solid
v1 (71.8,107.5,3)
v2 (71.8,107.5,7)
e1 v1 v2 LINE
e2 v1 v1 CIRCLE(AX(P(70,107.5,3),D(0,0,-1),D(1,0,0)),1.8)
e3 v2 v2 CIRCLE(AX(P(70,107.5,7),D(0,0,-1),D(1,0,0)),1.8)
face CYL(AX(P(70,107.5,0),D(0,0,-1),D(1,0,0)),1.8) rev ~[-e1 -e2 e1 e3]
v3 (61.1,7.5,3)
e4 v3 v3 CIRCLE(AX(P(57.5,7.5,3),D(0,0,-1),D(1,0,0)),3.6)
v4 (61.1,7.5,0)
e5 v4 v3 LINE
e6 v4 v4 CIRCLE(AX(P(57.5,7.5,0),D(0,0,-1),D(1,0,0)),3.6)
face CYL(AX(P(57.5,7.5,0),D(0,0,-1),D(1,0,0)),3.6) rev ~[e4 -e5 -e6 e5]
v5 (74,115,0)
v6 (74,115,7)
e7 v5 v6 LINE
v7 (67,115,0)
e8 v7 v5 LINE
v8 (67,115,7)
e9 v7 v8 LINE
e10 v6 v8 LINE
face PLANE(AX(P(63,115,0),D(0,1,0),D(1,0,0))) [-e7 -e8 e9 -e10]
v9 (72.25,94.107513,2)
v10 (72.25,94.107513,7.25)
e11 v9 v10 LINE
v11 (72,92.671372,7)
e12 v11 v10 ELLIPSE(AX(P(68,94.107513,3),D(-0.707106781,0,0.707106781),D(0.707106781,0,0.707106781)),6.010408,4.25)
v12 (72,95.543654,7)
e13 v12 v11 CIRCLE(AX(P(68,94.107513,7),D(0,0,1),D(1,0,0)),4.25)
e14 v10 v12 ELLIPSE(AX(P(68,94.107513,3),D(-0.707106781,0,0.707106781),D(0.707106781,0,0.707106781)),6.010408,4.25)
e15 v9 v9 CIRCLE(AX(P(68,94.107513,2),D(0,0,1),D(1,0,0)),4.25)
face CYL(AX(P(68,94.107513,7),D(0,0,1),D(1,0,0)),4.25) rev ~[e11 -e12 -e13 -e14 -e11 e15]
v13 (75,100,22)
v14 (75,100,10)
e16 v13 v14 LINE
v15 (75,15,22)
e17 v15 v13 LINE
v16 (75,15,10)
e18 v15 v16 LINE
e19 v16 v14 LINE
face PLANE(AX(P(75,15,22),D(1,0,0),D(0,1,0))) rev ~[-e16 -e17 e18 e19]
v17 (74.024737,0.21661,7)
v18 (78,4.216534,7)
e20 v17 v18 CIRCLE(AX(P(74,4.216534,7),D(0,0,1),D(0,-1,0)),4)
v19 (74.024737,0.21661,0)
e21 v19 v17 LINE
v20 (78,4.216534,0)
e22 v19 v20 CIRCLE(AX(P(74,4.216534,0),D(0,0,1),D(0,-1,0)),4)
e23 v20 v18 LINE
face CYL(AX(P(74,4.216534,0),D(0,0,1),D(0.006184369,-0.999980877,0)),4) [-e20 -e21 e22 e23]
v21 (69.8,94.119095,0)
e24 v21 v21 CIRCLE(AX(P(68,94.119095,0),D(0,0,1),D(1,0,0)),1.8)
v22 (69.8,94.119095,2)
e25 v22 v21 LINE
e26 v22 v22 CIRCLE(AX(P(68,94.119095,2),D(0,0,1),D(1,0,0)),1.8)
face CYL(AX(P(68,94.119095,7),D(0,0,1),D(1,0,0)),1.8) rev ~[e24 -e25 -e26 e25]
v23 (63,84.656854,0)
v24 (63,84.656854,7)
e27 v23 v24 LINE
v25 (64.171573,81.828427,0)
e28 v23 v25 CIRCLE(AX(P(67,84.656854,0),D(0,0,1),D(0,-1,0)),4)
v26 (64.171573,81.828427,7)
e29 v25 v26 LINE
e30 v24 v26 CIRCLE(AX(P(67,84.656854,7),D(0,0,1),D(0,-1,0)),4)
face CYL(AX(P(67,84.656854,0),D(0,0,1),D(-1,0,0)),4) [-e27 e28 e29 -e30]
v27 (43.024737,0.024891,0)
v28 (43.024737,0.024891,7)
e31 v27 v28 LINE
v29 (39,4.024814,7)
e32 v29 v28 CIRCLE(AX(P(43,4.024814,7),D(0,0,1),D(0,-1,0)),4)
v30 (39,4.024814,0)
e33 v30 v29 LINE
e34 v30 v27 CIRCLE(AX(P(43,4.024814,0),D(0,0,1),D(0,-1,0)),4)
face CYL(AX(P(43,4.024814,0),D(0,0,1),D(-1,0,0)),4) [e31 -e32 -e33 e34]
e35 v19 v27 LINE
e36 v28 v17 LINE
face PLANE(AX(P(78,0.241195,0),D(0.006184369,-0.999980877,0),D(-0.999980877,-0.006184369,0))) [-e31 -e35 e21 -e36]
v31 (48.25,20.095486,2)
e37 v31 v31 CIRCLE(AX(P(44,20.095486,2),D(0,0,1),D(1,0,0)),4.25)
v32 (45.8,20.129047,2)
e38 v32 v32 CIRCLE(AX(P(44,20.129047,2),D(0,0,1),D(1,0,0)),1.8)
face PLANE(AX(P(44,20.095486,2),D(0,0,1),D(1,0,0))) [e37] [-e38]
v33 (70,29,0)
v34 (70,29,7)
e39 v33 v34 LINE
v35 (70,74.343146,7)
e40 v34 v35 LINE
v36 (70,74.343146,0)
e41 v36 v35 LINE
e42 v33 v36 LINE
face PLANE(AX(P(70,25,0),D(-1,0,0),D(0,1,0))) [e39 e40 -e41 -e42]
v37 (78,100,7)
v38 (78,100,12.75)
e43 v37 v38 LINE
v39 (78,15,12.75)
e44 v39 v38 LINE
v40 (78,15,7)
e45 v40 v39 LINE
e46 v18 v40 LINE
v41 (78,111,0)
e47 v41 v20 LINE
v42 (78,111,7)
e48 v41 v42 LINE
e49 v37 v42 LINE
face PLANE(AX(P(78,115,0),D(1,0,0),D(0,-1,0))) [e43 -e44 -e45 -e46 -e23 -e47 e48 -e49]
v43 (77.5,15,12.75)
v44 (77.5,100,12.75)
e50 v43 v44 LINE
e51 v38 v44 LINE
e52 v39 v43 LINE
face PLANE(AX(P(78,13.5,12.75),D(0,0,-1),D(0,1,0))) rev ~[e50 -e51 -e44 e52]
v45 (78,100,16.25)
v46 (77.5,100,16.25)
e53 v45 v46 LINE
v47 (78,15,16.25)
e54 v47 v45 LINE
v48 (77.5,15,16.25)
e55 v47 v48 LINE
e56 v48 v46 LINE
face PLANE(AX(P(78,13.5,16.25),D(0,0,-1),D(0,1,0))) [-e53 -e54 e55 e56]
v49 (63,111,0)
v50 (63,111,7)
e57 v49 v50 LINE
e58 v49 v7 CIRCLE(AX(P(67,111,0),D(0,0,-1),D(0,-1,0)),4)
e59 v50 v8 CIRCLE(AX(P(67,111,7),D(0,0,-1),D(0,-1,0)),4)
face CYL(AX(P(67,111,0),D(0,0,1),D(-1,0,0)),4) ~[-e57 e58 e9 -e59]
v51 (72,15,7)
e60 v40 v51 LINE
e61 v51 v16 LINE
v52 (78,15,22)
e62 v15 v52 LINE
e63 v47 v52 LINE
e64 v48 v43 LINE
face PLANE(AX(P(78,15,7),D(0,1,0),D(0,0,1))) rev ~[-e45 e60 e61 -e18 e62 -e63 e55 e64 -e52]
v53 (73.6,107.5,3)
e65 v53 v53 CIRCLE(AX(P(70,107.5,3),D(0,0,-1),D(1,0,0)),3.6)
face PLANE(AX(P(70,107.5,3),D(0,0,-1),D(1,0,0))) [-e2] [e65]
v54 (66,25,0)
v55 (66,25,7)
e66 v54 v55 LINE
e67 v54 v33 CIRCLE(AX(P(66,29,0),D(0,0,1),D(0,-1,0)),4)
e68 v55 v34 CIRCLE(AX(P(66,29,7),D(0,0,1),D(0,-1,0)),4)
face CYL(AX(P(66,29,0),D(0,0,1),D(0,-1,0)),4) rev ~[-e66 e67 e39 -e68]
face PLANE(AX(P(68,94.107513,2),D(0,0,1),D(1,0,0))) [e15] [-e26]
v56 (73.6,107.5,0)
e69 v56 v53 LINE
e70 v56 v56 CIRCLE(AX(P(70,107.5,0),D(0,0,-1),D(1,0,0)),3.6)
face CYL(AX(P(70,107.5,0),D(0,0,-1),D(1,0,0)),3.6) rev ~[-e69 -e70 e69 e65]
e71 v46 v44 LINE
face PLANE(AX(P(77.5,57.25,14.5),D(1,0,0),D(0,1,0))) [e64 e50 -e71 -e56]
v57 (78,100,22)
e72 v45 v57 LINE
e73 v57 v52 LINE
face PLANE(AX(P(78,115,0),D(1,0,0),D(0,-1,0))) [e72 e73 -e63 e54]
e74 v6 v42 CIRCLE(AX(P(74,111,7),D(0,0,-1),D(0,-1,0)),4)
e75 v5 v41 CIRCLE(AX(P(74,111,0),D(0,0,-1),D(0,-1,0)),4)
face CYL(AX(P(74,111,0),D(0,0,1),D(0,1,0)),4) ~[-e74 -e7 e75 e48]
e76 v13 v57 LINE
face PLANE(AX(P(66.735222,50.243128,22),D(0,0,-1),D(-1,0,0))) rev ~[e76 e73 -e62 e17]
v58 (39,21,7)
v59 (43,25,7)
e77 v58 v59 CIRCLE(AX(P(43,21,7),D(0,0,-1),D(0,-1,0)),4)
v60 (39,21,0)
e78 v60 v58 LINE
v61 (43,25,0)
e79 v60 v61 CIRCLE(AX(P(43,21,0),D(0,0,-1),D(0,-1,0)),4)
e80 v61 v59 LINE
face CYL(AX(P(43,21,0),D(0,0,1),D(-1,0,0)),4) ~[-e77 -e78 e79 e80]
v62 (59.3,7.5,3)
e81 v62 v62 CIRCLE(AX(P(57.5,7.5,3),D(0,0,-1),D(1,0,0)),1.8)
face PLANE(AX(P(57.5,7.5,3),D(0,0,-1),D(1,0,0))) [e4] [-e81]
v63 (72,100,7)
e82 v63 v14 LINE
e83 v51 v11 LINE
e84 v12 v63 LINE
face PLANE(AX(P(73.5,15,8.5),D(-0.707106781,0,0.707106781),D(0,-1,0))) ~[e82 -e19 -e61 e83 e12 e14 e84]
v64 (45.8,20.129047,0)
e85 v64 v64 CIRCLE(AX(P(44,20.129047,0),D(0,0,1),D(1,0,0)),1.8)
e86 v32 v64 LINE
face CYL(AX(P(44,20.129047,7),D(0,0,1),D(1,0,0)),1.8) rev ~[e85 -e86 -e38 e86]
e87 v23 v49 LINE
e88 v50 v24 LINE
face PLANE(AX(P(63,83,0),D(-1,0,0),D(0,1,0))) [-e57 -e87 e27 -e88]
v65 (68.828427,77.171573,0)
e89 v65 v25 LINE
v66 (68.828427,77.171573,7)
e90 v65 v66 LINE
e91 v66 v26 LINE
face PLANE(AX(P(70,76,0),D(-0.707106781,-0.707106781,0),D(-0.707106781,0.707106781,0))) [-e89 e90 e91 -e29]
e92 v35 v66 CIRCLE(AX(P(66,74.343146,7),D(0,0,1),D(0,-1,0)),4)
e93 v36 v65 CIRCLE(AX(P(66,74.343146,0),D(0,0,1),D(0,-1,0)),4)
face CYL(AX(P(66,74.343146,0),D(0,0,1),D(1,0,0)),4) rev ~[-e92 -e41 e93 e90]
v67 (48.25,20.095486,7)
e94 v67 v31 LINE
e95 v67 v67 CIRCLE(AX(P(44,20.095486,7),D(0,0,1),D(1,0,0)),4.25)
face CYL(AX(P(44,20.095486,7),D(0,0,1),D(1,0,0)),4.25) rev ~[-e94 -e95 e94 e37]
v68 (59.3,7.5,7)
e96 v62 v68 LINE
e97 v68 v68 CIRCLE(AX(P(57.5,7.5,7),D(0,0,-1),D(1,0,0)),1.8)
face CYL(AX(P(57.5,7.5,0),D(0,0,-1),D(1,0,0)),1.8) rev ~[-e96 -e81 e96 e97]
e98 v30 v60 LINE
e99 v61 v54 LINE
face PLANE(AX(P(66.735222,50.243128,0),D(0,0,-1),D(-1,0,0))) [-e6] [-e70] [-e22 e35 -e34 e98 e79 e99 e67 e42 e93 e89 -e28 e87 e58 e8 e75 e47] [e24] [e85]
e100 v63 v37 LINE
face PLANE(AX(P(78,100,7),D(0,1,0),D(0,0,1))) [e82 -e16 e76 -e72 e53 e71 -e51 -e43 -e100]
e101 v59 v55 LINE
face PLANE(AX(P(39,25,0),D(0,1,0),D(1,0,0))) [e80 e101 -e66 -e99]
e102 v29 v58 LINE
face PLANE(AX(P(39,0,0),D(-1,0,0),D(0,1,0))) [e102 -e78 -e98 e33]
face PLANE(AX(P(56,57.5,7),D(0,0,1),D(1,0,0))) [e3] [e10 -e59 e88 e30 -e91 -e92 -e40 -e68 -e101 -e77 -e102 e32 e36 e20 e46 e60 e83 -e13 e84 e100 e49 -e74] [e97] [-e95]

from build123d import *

# Parameters (mm, degrees)
PAD_DEPTH       = 22
SKETCH001_W     = 16
SKETCH001_H     = 16
POCKET_DEPTH    = 39.001
SKETCH002_W     = 38
SKETCH002_H     = 85
POCKET001_DEPTH = 15
SKETCH003_R     = 1.8
POCKET002_DEPTH = 7.001
SKETCH004_R     = 3.6
POCKET003_DEPTH = 3
FILLET_R        = 4
FILLET001_R     = 4
SKETCH005_W     = 87.5
SKETCH005_H     = 3.5
POCKET004_DEPTH = 0.5
SKETCH006_R     = 1.8
POCKET005_DEPTH = 22.001
SKETCH007_R     = 3.6
POCKET006_DEPTH = 3
FILLET002_R     = 4
CHAMFER_SIZE    = 3
SKETCH018_R     = 4.25
POCKET016_DEPTH = 5


with BuildPart() as part:
    # Sketch → Pad (new body)
    with BuildSketch(Plane.XY):
        Polygon((39, 0), (39, 25), (70, 25), (70, 76), (63, 83), (63, 115), (78, 115), (78, 0.241195), align=None)
    extrude(amount=PAD_DEPTH)

    # Sketch001 → Pocket (cut, through all)
    with BuildSketch(Plane.YZ.offset(78)):
        with Locations((7, 15)):
            Rectangle(SKETCH001_W, SKETCH001_H)
        with Locations((108, 15)):
            Rectangle(SKETCH001_W, SKETCH001_H)
    extrude(amount=-POCKET_DEPTH, mode=Mode.SUBTRACT)

    # Sketch002 → Pocket001 (cut)
    with BuildSketch(Plane.XY.offset(22)):
        with Locations((56, 57.5)):
            Rectangle(SKETCH002_W, SKETCH002_H)
    extrude(amount=-POCKET001_DEPTH, mode=Mode.SUBTRACT)

    # Sketch003 → Pocket002 (cut, through all)
    with BuildSketch(Plane.XY.offset(7)):
        with Locations((68, 94.119095)):
            Circle(SKETCH003_R)
        with Locations((44, 20.129047)):
            Circle(SKETCH003_R)
    extrude(amount=-POCKET002_DEPTH, mode=Mode.SUBTRACT)

    # Sketch004 → Pocket003 (cut)
    with BuildSketch(Plane.XY.offset(7)):
        with Locations((68, 94.116013)):
            Circle(SKETCH004_R)
        with Locations((44, 20.124216)):
            Circle(SKETCH004_R)
    extrude(amount=-POCKET003_DEPTH, mode=Mode.SUBTRACT)

    # Fillet
    fillet_edges = [part.edges().sort_by_distance(p)[0] for p in [
        (39, 25, 3.5),
        (70, 25, 3.5),
    ]]
    fillet(fillet_edges, radius=FILLET_R)

    # Fillet001
    fillet001_edges = [part.edges().sort_by_distance(p)[0] for p in [
        (63, 83, 3.5),
        (70, 76, 3.5),
    ]]
    fillet(fillet001_edges, radius=FILLET001_R)

    # Sketch005 → Pocket004 (cut)
    with BuildSketch(Plane.YZ.offset(78)):
        with Locations((57.25, 14.5)):
            Rectangle(SKETCH005_W, SKETCH005_H)
    extrude(amount=-POCKET004_DEPTH, mode=Mode.SUBTRACT)

    # Sketch006 → Pocket005 (cut, through all)
    with BuildSketch(Plane(origin=(0, 0, 0), x_dir=(1, 0, 0), z_dir=(0, 0, -1))):
        with Locations((70, -107.5)):
            Circle(SKETCH006_R)
        with Locations((57.5, -7.5)):
            Circle(SKETCH006_R)
    extrude(amount=-POCKET005_DEPTH, mode=Mode.SUBTRACT)

    # Sketch007 → Pocket006 (cut)
    with BuildSketch(Plane(origin=(0, 0, 0), x_dir=(1, 0, 0), z_dir=(0, 0, -1))):
        with Locations((57.5, -7.5)):
            Circle(SKETCH007_R)
        with Locations((70, -107.5)):
            Circle(SKETCH007_R)
    extrude(amount=-POCKET006_DEPTH, mode=Mode.SUBTRACT)

    # Fillet002
    fillet002_edges = [part.edges().sort_by_distance(p)[0] for p in [
        (39, 0, 3.5),
        (78, 0.241195, 3.5),
        (78, 115, 3.5),
        (63, 115, 3.5),
    ]]
    fillet(fillet002_edges, radius=FILLET002_R)

    # Chamfer
    chamfer_edges = [part.edges().sort_by_distance(p)[0] for p in [
        (75, 57.5, 7),
    ]]
    chamfer(chamfer_edges, length=CHAMFER_SIZE)

    # Sketch018 → Pocket016 (cut, symmetric)
    with BuildSketch(Plane.XY.offset(7)):
        with Locations((44, 20.095486)):
            Circle(SKETCH018_R)
        with Locations((68, 94.107513)):
            Circle(SKETCH018_R)
    extrude(amount=POCKET016_DEPTH, both=True, mode=Mode.SUBTRACT)


solid = part.part
